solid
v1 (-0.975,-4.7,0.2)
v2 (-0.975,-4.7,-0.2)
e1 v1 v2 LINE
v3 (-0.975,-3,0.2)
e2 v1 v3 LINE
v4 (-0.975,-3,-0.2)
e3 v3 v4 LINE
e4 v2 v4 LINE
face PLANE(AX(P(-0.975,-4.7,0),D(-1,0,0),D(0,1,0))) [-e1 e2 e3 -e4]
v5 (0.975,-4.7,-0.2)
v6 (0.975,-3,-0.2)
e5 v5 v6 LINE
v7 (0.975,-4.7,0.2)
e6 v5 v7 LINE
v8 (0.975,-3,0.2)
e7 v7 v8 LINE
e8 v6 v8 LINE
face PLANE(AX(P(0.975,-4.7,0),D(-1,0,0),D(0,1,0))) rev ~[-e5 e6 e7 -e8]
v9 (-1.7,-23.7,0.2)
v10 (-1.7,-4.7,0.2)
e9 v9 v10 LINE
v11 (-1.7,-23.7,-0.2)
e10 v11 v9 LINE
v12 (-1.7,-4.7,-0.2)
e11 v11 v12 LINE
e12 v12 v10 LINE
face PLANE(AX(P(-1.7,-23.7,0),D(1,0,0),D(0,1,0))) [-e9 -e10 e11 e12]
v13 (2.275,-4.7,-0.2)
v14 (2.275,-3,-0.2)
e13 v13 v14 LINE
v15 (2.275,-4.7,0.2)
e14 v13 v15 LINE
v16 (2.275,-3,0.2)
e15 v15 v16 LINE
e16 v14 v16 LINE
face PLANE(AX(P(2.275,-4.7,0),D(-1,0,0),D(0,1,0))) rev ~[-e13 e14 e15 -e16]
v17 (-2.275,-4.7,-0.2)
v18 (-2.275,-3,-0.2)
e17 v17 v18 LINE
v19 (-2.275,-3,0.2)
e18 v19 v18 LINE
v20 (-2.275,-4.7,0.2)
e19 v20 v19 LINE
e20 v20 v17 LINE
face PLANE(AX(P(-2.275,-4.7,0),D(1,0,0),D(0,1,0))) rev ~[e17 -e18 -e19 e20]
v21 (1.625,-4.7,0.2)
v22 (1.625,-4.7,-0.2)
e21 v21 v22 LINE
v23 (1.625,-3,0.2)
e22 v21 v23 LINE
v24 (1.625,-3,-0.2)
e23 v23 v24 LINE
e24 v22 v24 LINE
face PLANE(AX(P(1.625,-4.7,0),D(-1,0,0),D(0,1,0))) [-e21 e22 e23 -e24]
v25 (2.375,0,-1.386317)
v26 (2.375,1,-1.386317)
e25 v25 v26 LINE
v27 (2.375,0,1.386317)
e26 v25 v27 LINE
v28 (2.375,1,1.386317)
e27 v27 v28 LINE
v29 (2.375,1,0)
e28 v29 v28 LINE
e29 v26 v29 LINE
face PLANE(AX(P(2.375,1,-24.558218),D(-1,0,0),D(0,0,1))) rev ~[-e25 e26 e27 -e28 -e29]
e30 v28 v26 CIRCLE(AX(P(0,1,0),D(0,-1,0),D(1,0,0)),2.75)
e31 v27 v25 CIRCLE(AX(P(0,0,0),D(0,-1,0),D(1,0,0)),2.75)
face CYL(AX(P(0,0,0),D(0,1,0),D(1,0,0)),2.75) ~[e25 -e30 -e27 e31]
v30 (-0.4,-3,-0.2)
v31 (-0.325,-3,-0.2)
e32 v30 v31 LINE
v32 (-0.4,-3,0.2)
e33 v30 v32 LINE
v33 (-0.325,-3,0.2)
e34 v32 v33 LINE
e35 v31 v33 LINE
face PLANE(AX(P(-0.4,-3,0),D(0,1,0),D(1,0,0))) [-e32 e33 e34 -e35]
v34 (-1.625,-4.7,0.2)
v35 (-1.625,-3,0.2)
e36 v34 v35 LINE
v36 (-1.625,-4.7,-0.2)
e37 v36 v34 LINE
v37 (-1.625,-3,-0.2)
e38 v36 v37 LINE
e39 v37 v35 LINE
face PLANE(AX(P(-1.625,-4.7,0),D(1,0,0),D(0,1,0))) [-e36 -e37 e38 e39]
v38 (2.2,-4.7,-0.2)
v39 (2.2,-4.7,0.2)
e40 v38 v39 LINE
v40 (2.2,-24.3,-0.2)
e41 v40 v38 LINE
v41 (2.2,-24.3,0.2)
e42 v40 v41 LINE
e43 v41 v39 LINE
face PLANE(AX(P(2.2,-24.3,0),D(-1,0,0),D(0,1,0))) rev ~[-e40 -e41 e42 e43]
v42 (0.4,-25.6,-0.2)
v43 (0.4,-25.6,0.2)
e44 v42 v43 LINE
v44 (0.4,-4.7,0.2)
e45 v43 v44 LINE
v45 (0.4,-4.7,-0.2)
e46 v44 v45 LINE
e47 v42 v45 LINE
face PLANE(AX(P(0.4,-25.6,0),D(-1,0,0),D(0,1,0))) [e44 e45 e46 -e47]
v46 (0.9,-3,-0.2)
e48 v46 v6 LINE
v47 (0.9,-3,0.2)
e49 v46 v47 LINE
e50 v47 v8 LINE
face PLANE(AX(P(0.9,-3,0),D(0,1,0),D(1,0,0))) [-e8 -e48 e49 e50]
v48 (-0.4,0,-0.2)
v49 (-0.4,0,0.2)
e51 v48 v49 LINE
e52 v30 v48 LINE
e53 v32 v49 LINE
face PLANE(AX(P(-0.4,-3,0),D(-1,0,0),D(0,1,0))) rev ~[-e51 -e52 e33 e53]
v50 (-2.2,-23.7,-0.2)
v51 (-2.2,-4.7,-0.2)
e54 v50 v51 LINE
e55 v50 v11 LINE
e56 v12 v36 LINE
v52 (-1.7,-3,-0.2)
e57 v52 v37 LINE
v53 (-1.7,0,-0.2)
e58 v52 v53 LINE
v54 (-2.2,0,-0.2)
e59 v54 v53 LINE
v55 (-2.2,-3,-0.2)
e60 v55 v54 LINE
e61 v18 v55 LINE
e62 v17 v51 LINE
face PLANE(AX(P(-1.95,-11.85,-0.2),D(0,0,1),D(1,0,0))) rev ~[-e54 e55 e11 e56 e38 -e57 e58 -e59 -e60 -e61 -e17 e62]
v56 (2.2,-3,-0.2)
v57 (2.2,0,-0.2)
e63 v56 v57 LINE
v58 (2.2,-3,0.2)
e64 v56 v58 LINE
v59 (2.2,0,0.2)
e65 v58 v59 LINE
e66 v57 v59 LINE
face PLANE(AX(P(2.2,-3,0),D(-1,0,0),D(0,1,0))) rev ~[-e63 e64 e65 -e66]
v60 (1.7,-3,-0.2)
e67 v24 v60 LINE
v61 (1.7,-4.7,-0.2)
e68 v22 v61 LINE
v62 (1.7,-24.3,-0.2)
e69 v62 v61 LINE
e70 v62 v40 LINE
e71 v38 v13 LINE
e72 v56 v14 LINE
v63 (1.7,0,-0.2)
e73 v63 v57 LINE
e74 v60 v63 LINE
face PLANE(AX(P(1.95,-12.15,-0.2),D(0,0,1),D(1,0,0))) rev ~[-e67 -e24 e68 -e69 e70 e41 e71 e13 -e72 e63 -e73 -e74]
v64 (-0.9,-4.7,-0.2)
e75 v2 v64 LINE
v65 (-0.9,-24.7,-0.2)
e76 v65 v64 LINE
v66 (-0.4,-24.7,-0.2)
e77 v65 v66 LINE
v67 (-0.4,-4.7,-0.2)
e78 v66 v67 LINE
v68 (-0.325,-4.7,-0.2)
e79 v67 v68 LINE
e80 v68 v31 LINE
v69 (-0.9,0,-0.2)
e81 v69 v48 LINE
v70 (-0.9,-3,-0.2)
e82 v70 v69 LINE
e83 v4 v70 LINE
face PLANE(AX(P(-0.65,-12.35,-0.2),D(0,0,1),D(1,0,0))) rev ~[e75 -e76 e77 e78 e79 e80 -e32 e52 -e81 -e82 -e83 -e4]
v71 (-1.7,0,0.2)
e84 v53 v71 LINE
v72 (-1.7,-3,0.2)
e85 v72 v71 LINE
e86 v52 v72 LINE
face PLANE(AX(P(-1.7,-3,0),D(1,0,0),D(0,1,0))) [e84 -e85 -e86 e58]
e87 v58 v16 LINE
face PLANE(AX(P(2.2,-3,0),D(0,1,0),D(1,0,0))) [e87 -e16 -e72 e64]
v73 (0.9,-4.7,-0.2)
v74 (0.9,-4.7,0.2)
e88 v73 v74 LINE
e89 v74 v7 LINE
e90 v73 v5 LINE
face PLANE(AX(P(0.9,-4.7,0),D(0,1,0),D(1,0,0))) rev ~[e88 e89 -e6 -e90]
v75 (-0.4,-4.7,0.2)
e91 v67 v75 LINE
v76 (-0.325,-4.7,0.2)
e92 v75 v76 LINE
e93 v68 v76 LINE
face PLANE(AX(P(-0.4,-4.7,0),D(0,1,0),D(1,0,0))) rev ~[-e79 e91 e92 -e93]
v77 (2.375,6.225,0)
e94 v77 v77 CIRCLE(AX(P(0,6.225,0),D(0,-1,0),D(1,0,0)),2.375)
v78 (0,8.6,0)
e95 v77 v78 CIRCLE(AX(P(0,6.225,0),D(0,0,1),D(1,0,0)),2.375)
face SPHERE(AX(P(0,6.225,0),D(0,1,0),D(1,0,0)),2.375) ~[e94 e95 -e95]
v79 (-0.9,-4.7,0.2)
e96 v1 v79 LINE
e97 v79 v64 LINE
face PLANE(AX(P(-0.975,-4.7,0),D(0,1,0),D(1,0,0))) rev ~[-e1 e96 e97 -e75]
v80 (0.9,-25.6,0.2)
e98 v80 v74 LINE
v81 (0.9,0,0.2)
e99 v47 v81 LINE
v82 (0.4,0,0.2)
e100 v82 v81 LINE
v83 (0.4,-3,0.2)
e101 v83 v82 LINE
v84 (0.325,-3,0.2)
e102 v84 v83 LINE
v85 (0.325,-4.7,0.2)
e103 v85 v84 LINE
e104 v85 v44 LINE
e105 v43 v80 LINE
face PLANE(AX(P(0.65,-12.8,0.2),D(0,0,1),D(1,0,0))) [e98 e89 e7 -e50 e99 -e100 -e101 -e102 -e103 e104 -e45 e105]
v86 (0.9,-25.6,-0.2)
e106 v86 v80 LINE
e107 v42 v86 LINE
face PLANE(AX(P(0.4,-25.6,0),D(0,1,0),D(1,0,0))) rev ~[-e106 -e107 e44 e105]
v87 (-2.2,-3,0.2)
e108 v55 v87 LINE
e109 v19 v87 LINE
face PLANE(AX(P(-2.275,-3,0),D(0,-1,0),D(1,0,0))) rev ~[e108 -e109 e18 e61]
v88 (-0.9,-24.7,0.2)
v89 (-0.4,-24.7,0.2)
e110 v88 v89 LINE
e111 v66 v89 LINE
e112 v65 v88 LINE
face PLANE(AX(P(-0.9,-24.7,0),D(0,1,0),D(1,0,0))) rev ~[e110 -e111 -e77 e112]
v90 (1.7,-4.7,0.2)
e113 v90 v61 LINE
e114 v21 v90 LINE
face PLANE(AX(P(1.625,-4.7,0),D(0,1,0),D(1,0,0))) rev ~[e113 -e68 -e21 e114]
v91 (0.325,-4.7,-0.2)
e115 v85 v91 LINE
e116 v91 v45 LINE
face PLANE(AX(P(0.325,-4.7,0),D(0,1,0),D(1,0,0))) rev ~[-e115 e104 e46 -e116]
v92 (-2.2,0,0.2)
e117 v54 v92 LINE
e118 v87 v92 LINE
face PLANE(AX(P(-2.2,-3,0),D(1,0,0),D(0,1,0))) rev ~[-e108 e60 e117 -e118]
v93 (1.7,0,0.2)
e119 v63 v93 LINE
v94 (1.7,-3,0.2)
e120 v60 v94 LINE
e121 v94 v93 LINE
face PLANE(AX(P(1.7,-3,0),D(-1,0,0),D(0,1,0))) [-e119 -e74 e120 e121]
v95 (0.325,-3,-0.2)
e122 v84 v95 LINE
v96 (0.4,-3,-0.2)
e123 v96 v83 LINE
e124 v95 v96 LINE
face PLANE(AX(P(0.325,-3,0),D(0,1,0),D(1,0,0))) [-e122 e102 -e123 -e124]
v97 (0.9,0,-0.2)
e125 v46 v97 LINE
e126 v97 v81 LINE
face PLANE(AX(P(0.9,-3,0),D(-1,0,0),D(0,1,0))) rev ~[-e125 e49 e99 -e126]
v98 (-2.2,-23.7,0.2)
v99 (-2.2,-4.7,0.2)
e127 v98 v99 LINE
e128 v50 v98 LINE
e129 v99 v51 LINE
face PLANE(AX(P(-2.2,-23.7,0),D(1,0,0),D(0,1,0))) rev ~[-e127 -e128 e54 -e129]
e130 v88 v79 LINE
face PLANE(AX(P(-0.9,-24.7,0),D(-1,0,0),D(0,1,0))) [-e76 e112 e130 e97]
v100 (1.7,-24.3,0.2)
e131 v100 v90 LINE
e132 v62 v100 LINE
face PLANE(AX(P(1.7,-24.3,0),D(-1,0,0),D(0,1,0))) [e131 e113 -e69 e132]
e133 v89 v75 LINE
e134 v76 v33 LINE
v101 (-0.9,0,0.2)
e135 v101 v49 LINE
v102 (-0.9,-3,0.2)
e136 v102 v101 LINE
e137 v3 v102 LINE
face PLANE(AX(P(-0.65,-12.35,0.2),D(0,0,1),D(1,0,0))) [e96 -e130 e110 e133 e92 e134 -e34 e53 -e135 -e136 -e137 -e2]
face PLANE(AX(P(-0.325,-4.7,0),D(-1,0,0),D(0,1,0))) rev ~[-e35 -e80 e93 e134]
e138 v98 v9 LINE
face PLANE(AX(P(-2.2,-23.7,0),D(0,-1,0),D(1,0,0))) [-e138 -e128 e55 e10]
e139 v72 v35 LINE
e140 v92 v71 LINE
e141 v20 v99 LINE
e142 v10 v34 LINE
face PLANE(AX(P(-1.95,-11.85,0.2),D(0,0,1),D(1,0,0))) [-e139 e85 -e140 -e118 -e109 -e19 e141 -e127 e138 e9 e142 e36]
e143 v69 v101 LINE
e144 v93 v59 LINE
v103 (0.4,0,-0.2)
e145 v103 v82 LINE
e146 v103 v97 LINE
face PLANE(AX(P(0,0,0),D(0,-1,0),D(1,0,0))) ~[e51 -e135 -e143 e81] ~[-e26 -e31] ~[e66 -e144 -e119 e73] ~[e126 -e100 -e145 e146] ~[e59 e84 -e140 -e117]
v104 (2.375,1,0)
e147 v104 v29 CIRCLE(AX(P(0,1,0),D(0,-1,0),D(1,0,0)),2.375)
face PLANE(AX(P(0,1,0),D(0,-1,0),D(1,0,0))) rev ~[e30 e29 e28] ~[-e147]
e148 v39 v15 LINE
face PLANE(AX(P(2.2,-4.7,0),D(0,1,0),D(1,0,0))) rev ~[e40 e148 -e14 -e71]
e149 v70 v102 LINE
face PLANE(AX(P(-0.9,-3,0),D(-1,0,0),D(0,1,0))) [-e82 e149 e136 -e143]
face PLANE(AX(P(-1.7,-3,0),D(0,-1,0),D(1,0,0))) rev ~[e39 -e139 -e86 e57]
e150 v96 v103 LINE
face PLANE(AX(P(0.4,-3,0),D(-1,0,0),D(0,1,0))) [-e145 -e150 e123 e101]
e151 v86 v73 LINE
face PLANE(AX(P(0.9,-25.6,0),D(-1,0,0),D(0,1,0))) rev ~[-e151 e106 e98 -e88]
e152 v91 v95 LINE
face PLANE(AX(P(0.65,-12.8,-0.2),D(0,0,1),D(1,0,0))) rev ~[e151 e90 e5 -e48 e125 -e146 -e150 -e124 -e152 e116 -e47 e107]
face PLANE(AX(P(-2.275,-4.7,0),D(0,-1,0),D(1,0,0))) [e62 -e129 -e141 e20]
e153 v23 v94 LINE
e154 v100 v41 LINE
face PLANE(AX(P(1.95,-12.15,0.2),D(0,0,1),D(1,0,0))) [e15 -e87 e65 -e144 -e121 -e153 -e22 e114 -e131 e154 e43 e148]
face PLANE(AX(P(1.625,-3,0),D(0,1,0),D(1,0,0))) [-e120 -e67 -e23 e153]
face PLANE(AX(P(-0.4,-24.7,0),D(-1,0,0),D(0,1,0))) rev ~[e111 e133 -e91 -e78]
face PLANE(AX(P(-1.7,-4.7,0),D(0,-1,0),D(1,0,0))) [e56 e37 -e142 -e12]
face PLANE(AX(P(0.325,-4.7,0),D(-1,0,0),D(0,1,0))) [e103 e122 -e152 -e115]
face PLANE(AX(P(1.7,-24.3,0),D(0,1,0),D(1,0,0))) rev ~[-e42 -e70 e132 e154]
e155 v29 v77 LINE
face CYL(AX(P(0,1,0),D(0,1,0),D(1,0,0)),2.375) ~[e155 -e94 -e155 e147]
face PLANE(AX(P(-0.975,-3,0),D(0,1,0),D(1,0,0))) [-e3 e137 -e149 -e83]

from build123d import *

# Parameters (mm, degrees)
SKETCH2_W           = 0.5
SKETCH2_H           = 24.3
SKETCH2_H_2         = 25.6
SKETCH2_H_3         = 24.7
SKETCH2_H_4         = 23.7
SKETCH2_W_2         = 0.65
SKETCH2_H_5         = 1.7
BOSS_EXTRUDE1_DEPTH = 0.2
CUT_EXTRUDE1_DEPTH  = 27.6


with BuildPart() as part:
    # Sketch1 → Revolve1 (revolve)
    with BuildSketch(Plane.XY):
        with BuildLine():
            Line((0, 0), (2.75, 0))
            Line((2.75, 0), (2.75, 1))
            Line((2.75, 1), (2.375, 1))
            Line((2.375, 1), (2.375, 6.225))
            ThreePointArc((2.375, 6.225), (1.679378605, 7.904378605), (0, 8.6))
            Line((0, 8.6), (0, 0))
        make_face()
    revolve(axis=Axis((0, 0, 0), (0, -1, 0)))

    # Sketch2 → Boss-Extrude1 (add, symmetric)
    with BuildSketch(Plane.XY):
        with Locations((1.95, -12.15)):
            Rectangle(SKETCH2_W, SKETCH2_H)
        with Locations((0.65, -12.8)):
            Rectangle(SKETCH2_W, SKETCH2_H_2)
        with Locations((-0.65, -12.35)):
            Rectangle(SKETCH2_W, SKETCH2_H_3)
        with Locations((-1.95, -11.85)):
            Rectangle(SKETCH2_W, SKETCH2_H_4)
        with Locations((-1.95, -3.85)):
            Rectangle(SKETCH2_W_2, SKETCH2_H_5)
        with Locations((-0.65, -3.85)):
            Rectangle(SKETCH2_W_2, SKETCH2_H_5)
        with Locations((0.65, -3.85)):
            Rectangle(SKETCH2_W_2, SKETCH2_H_5)
        with Locations((1.95, -3.85)):
            Rectangle(SKETCH2_W_2, SKETCH2_H_5)
    extrude(amount=BOSS_EXTRUDE1_DEPTH, both=True)

    # Sketch3 → Cut-Extrude1 (cut, through all)
    with BuildSketch(Plane(origin=(0, 1, 0), x_dir=(1, 0, 0), z_dir=(0, 1, 0))):
        Polygon((2.375, 24.558218042), (2.375, 1.386317063), (2.375, -1.386317063), (2.375, -24.558218042), (48.718801957, -24.558218042), (48.718801957, 24.558218042), align=None)
    extrude(amount=-CUT_EXTRUDE1_DEPTH, mode=Mode.SUBTRACT)


solid = part.part
